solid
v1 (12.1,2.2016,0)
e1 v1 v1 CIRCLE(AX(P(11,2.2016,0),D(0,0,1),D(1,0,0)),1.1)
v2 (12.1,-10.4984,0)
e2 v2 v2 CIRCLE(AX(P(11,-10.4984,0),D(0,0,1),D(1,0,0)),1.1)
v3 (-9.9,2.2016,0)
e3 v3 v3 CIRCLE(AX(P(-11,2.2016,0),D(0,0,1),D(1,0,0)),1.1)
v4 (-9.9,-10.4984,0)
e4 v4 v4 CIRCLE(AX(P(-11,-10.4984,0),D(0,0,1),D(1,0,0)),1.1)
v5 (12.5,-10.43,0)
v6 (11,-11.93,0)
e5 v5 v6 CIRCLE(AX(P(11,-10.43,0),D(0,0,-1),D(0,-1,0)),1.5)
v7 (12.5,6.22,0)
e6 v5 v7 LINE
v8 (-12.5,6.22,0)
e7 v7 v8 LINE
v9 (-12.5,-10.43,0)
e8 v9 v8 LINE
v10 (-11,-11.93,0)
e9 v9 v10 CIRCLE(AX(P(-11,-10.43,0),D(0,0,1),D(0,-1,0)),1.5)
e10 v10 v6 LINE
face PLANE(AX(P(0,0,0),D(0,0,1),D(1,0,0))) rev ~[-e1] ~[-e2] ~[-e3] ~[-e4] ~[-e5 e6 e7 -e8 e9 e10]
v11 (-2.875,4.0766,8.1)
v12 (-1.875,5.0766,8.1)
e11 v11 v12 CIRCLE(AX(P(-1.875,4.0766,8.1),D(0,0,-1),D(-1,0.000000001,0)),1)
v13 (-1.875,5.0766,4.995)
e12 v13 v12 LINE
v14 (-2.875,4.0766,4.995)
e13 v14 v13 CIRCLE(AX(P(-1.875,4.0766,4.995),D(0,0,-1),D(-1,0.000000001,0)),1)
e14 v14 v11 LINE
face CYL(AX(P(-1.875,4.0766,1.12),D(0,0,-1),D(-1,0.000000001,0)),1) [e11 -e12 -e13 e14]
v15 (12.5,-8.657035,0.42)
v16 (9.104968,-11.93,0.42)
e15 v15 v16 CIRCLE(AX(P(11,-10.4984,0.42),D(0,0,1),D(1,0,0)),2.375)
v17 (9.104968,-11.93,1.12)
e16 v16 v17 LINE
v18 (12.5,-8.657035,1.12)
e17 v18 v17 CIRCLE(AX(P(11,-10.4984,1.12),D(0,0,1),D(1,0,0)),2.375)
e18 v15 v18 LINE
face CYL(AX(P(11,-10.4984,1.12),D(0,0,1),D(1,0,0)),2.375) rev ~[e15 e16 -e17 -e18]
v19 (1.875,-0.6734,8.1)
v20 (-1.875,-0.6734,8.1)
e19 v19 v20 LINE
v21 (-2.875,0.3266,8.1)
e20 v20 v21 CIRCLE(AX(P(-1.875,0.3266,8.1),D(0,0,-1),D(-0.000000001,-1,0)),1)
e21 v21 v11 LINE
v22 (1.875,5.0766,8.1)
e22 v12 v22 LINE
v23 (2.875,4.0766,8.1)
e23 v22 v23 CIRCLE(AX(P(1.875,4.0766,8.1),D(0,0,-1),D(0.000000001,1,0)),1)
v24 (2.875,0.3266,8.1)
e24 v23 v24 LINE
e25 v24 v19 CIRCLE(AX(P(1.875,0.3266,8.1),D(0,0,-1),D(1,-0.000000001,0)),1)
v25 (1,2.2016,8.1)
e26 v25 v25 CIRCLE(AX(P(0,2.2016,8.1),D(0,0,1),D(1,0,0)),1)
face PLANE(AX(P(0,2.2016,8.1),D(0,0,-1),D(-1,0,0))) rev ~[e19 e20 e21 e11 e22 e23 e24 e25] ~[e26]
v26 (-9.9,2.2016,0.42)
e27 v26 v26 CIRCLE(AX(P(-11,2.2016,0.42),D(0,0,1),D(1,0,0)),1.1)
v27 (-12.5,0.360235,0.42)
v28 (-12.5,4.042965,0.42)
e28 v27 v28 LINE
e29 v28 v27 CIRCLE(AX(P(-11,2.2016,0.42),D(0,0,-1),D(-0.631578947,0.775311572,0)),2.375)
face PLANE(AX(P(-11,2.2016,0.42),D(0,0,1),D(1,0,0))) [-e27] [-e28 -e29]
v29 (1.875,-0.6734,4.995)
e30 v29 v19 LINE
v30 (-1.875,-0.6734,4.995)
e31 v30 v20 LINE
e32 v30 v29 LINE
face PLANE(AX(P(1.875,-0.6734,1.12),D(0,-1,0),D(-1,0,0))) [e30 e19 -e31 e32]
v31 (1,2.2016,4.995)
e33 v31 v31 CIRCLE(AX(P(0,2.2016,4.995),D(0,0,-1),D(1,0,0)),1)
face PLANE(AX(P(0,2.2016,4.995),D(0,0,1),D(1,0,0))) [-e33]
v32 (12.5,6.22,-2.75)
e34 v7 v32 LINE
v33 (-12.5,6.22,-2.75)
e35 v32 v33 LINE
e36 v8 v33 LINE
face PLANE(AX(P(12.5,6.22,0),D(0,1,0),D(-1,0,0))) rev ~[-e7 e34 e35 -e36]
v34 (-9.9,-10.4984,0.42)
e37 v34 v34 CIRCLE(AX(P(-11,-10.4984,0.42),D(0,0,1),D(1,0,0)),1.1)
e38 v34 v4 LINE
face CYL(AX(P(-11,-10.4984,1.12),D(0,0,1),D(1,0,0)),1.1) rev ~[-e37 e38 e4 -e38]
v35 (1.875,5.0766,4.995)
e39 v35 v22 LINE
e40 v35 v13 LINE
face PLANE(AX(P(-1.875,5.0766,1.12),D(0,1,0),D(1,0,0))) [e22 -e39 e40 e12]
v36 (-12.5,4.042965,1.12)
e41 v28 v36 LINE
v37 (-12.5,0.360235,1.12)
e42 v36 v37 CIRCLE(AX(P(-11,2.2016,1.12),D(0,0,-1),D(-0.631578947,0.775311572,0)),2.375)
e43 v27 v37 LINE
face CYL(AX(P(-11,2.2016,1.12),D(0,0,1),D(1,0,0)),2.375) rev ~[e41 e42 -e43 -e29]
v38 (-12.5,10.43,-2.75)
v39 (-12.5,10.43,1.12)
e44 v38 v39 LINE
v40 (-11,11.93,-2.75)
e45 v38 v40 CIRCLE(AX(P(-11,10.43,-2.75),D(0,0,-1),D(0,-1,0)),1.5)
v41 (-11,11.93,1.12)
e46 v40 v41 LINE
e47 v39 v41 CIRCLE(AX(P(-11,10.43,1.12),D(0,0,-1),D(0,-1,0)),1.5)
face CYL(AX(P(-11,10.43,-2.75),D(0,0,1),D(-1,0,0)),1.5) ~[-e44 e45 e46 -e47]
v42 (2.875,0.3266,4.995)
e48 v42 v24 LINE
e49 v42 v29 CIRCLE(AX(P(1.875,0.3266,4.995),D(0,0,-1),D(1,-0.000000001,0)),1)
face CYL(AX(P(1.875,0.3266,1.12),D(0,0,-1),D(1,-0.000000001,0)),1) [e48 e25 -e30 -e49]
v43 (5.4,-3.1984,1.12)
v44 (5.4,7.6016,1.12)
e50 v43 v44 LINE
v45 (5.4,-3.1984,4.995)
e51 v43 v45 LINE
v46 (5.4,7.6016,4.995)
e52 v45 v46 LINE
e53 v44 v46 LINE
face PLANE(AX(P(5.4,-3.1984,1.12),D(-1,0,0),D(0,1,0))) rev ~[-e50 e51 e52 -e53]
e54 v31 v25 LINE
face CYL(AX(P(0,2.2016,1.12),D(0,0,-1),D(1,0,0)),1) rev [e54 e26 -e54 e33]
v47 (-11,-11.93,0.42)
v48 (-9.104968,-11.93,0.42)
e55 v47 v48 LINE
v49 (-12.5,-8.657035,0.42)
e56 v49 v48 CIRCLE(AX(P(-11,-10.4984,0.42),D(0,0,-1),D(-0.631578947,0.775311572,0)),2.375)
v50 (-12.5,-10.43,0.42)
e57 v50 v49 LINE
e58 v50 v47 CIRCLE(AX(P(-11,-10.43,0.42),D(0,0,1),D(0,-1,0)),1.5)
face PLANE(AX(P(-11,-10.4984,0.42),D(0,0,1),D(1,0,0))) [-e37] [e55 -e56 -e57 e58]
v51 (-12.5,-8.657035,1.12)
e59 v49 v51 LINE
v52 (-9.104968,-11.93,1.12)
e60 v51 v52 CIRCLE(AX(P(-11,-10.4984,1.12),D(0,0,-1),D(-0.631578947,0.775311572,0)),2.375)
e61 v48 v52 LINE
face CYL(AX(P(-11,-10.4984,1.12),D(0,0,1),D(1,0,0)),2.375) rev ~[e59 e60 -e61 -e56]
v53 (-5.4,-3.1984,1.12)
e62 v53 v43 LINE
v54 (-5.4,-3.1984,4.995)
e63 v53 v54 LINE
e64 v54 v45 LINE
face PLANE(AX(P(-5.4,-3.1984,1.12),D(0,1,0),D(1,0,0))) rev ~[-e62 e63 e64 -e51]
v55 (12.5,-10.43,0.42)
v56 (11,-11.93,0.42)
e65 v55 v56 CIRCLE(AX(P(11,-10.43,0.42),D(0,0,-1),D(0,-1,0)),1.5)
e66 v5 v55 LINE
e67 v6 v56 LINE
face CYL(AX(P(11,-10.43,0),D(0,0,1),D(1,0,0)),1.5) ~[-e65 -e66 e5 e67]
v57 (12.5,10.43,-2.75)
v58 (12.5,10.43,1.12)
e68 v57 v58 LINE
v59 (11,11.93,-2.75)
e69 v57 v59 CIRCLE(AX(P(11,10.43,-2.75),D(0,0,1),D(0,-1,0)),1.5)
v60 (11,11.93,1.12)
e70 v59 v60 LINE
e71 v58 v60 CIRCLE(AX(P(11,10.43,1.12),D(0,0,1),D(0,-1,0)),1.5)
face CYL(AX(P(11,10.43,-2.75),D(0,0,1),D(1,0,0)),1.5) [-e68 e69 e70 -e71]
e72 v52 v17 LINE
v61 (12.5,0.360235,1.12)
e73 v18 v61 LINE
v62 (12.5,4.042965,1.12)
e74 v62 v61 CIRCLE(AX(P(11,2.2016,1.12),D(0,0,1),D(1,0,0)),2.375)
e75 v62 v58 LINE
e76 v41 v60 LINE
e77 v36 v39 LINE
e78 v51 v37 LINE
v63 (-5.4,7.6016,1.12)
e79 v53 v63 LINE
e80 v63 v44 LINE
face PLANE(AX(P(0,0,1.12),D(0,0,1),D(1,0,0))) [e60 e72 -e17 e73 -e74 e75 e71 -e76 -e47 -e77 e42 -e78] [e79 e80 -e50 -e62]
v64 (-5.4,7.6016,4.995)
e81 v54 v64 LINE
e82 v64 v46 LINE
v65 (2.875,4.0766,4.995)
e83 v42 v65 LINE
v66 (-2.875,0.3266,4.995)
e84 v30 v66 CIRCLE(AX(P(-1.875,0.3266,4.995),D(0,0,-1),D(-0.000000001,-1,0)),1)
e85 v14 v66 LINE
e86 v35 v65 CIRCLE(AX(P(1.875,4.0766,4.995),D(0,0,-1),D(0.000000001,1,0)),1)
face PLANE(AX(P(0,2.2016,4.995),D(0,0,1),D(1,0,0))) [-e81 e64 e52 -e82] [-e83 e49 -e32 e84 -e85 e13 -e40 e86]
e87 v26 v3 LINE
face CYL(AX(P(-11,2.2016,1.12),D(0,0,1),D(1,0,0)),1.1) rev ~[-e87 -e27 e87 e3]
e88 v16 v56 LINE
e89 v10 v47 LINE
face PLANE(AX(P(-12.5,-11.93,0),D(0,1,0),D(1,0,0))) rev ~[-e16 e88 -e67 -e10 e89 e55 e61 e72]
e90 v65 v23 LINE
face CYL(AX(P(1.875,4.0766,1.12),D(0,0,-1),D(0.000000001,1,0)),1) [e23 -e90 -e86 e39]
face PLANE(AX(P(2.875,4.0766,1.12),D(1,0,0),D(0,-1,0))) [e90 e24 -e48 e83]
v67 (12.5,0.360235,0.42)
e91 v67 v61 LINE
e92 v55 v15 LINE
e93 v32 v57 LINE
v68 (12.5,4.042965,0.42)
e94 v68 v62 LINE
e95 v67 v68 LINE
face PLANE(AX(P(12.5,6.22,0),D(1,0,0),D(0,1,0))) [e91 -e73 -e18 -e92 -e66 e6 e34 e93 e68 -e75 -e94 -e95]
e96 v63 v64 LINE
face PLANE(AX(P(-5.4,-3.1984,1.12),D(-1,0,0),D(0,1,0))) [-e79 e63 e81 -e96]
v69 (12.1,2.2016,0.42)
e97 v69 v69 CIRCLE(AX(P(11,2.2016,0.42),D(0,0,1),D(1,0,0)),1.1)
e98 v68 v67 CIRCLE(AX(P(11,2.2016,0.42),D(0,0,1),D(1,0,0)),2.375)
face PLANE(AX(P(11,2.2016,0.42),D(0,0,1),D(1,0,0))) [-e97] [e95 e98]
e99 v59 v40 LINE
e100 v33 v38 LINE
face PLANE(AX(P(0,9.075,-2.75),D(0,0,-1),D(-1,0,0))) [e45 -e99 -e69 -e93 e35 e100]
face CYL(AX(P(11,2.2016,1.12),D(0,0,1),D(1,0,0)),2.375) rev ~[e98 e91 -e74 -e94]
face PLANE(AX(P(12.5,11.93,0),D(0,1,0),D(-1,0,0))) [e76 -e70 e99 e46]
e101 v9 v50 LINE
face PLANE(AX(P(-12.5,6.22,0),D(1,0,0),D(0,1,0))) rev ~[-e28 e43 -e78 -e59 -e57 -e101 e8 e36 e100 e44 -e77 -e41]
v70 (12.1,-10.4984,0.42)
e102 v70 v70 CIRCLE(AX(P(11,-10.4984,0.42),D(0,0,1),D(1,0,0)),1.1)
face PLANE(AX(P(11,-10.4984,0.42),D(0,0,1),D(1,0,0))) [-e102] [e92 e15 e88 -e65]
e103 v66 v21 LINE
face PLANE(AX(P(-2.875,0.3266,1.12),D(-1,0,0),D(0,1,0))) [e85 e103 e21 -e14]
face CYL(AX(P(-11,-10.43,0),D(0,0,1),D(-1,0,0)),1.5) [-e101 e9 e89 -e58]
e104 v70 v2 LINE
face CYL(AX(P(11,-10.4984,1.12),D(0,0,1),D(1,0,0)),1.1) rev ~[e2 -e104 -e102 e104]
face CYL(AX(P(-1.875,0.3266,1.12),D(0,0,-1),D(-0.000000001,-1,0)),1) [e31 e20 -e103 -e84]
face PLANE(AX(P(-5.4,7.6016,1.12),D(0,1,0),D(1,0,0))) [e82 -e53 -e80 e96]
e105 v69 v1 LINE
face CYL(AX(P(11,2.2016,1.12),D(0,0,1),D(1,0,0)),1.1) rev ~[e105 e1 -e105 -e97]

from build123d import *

# Parameters (mm, degrees)
SKETCH1_W           = 25
SKETCH1_H           = 23.86
BOSS_EXTRUDE1_DEPTH = 1.12
SKETCH4_W           = 10.8
SKETCH4_H           = 10.8
BOSS_EXTRUDE2_DEPTH = 3.875
SKETCH5_R           = 2.375
CUT_EXTRUDE1_DEPTH  = 0.7
CUT_EXTRUDE2_REACH  = 19.708
SKETCH6_R           = 1.1
SKETCH8_R           = 1
BOSS_EXTRUDE3_DEPTH = 6.98
SKETCH9_W           = 25
SKETCH9_H           = 5.71
BOSS_EXTRUDE4_DEPTH = 2.75
FILLET1_R           = 1.5


with BuildPart() as part:
    # Sketch1 → Boss-Extrude1 (new body)
    with BuildSketch(Plane.XY):
        Rectangle(SKETCH1_W, SKETCH1_H)
    extrude(amount=BOSS_EXTRUDE1_DEPTH)

    # Sketch4 → Boss-Extrude2 (add)
    with BuildSketch(Plane.XY.offset(1.12)):
        with Locations((0, 2.2016)):
            Rectangle(SKETCH4_W, SKETCH4_H)
    extrude(amount=BOSS_EXTRUDE2_DEPTH)

    # Sketch5 → Cut-Extrude1 (cut)
    with BuildSketch(Plane.XY.offset(1.12)):
        with Locations((11, 2.2016)):
            Circle(SKETCH5_R)
        with Locations((11, -10.4984)):
            Circle(SKETCH5_R)
        with Locations((-11, -10.4984)):
            Circle(SKETCH5_R)
        with Locations((-11, 2.2016)):
            Circle(SKETCH5_R)
    extrude(amount=-CUT_EXTRUDE1_DEPTH, mode=Mode.SUBTRACT)

    # Sketch6 → Cut-Extrude2 (cut, up to next)
    with BuildSketch(Plane.XY.offset(1.12), mode=Mode.PRIVATE) as cut_extrude2_sk1:
        with Locations((11, 2.2016)):
            Circle(SKETCH6_R)
    cut_extrude2_tool1 = extrude(cut_extrude2_sk1.sketch, amount=-CUT_EXTRUDE2_REACH, mode=Mode.PRIVATE) & part.part
    # Sketch6 → Cut-Extrude2 (cut, up to next)
    with BuildSketch(Plane.XY.offset(1.12), mode=Mode.PRIVATE) as cut_extrude2_sk2:
        with Locations((11, -10.4984)):
            Circle(SKETCH6_R)
    cut_extrude2_tool2 = extrude(cut_extrude2_sk2.sketch, amount=-CUT_EXTRUDE2_REACH, mode=Mode.PRIVATE) & part.part
    # Sketch6 → Cut-Extrude2 (cut, up to next)
    with BuildSketch(Plane.XY.offset(1.12), mode=Mode.PRIVATE) as cut_extrude2_sk3:
        with Locations((-11, -10.4984)):
            Circle(SKETCH6_R)
    cut_extrude2_tool3 = extrude(cut_extrude2_sk3.sketch, amount=-CUT_EXTRUDE2_REACH, mode=Mode.PRIVATE) & part.part
    # Sketch6 → Cut-Extrude2 (cut, up to next)
    with BuildSketch(Plane.XY.offset(1.12), mode=Mode.PRIVATE) as cut_extrude2_sk4:
        with Locations((-11, 2.2016)):
            Circle(SKETCH6_R)
    cut_extrude2_tool4 = extrude(cut_extrude2_sk4.sketch, amount=-CUT_EXTRUDE2_REACH, mode=Mode.PRIVATE) & part.part
    add(cut_extrude2_tool1.solids().sort_by_distance((11, 2.2016, 1.12))[0], mode=Mode.SUBTRACT)
    add(cut_extrude2_tool2.solids().sort_by_distance((11, -10.4984, 1.12))[0], mode=Mode.SUBTRACT)
    add(cut_extrude2_tool3.solids().sort_by_distance((-11, -10.4984, 1.12))[0], mode=Mode.SUBTRACT)
    add(cut_extrude2_tool4.solids().sort_by_distance((-11, 2.2016, 1.12))[0], mode=Mode.SUBTRACT)

    # Sketch8 → Boss-Extrude3 (add)
    with BuildSketch(Plane.XY.offset(1.12)):
        with BuildLine():
            Line((2.875, 4.0766), (2.875, 0.3266))
            ThreePointArc((2.875, 0.3266), (2.582106781, -0.380506781), (1.875, -0.6734))
            Line((1.875, -0.6734), (-1.875, -0.6734))
            ThreePointArc((-1.875, -0.6734), (-2.582106781, -0.380506781), (-2.875, 0.3266))
            Line((-2.875, 0.3266), (-2.875, 4.0766))
            ThreePointArc((-2.875, 4.0766), (-2.582106781, 4.783706781), (-1.875, 5.0766))
            Line((-1.875, 5.0766), (1.875, 5.0766))
            ThreePointArc((1.875, 5.0766), (2.582106781, 4.783706781), (2.875, 4.0766))
        make_face()
        with Locations((0, 2.2016)):
            Circle(SKETCH8_R, mode=Mode.SUBTRACT)
    extrude(amount=BOSS_EXTRUDE3_DEPTH)

    # Sketch9 → Boss-Extrude4 (add)
    with BuildSketch(Plane(origin=(0, 0, 0), x_dir=(-1, 0, 0), z_dir=(0, 0, -1))):
        with Locations((0, 9.075)):
            Rectangle(SKETCH9_W, SKETCH9_H)
    extrude(amount=BOSS_EXTRUDE4_DEPTH)

    # Fillet1
    fillet1_edges = [part.edges().sort_by_distance(p)[0] for p in [
        (12.5, -11.93, 0.21),
        (-12.5, -11.93, 0.21),
        (12.5, 11.93, -0.815),
        (-12.5, 11.93, -0.815),
    ]]
    fillet(fillet1_edges, radius=FILLET1_R)


solid = part.part
